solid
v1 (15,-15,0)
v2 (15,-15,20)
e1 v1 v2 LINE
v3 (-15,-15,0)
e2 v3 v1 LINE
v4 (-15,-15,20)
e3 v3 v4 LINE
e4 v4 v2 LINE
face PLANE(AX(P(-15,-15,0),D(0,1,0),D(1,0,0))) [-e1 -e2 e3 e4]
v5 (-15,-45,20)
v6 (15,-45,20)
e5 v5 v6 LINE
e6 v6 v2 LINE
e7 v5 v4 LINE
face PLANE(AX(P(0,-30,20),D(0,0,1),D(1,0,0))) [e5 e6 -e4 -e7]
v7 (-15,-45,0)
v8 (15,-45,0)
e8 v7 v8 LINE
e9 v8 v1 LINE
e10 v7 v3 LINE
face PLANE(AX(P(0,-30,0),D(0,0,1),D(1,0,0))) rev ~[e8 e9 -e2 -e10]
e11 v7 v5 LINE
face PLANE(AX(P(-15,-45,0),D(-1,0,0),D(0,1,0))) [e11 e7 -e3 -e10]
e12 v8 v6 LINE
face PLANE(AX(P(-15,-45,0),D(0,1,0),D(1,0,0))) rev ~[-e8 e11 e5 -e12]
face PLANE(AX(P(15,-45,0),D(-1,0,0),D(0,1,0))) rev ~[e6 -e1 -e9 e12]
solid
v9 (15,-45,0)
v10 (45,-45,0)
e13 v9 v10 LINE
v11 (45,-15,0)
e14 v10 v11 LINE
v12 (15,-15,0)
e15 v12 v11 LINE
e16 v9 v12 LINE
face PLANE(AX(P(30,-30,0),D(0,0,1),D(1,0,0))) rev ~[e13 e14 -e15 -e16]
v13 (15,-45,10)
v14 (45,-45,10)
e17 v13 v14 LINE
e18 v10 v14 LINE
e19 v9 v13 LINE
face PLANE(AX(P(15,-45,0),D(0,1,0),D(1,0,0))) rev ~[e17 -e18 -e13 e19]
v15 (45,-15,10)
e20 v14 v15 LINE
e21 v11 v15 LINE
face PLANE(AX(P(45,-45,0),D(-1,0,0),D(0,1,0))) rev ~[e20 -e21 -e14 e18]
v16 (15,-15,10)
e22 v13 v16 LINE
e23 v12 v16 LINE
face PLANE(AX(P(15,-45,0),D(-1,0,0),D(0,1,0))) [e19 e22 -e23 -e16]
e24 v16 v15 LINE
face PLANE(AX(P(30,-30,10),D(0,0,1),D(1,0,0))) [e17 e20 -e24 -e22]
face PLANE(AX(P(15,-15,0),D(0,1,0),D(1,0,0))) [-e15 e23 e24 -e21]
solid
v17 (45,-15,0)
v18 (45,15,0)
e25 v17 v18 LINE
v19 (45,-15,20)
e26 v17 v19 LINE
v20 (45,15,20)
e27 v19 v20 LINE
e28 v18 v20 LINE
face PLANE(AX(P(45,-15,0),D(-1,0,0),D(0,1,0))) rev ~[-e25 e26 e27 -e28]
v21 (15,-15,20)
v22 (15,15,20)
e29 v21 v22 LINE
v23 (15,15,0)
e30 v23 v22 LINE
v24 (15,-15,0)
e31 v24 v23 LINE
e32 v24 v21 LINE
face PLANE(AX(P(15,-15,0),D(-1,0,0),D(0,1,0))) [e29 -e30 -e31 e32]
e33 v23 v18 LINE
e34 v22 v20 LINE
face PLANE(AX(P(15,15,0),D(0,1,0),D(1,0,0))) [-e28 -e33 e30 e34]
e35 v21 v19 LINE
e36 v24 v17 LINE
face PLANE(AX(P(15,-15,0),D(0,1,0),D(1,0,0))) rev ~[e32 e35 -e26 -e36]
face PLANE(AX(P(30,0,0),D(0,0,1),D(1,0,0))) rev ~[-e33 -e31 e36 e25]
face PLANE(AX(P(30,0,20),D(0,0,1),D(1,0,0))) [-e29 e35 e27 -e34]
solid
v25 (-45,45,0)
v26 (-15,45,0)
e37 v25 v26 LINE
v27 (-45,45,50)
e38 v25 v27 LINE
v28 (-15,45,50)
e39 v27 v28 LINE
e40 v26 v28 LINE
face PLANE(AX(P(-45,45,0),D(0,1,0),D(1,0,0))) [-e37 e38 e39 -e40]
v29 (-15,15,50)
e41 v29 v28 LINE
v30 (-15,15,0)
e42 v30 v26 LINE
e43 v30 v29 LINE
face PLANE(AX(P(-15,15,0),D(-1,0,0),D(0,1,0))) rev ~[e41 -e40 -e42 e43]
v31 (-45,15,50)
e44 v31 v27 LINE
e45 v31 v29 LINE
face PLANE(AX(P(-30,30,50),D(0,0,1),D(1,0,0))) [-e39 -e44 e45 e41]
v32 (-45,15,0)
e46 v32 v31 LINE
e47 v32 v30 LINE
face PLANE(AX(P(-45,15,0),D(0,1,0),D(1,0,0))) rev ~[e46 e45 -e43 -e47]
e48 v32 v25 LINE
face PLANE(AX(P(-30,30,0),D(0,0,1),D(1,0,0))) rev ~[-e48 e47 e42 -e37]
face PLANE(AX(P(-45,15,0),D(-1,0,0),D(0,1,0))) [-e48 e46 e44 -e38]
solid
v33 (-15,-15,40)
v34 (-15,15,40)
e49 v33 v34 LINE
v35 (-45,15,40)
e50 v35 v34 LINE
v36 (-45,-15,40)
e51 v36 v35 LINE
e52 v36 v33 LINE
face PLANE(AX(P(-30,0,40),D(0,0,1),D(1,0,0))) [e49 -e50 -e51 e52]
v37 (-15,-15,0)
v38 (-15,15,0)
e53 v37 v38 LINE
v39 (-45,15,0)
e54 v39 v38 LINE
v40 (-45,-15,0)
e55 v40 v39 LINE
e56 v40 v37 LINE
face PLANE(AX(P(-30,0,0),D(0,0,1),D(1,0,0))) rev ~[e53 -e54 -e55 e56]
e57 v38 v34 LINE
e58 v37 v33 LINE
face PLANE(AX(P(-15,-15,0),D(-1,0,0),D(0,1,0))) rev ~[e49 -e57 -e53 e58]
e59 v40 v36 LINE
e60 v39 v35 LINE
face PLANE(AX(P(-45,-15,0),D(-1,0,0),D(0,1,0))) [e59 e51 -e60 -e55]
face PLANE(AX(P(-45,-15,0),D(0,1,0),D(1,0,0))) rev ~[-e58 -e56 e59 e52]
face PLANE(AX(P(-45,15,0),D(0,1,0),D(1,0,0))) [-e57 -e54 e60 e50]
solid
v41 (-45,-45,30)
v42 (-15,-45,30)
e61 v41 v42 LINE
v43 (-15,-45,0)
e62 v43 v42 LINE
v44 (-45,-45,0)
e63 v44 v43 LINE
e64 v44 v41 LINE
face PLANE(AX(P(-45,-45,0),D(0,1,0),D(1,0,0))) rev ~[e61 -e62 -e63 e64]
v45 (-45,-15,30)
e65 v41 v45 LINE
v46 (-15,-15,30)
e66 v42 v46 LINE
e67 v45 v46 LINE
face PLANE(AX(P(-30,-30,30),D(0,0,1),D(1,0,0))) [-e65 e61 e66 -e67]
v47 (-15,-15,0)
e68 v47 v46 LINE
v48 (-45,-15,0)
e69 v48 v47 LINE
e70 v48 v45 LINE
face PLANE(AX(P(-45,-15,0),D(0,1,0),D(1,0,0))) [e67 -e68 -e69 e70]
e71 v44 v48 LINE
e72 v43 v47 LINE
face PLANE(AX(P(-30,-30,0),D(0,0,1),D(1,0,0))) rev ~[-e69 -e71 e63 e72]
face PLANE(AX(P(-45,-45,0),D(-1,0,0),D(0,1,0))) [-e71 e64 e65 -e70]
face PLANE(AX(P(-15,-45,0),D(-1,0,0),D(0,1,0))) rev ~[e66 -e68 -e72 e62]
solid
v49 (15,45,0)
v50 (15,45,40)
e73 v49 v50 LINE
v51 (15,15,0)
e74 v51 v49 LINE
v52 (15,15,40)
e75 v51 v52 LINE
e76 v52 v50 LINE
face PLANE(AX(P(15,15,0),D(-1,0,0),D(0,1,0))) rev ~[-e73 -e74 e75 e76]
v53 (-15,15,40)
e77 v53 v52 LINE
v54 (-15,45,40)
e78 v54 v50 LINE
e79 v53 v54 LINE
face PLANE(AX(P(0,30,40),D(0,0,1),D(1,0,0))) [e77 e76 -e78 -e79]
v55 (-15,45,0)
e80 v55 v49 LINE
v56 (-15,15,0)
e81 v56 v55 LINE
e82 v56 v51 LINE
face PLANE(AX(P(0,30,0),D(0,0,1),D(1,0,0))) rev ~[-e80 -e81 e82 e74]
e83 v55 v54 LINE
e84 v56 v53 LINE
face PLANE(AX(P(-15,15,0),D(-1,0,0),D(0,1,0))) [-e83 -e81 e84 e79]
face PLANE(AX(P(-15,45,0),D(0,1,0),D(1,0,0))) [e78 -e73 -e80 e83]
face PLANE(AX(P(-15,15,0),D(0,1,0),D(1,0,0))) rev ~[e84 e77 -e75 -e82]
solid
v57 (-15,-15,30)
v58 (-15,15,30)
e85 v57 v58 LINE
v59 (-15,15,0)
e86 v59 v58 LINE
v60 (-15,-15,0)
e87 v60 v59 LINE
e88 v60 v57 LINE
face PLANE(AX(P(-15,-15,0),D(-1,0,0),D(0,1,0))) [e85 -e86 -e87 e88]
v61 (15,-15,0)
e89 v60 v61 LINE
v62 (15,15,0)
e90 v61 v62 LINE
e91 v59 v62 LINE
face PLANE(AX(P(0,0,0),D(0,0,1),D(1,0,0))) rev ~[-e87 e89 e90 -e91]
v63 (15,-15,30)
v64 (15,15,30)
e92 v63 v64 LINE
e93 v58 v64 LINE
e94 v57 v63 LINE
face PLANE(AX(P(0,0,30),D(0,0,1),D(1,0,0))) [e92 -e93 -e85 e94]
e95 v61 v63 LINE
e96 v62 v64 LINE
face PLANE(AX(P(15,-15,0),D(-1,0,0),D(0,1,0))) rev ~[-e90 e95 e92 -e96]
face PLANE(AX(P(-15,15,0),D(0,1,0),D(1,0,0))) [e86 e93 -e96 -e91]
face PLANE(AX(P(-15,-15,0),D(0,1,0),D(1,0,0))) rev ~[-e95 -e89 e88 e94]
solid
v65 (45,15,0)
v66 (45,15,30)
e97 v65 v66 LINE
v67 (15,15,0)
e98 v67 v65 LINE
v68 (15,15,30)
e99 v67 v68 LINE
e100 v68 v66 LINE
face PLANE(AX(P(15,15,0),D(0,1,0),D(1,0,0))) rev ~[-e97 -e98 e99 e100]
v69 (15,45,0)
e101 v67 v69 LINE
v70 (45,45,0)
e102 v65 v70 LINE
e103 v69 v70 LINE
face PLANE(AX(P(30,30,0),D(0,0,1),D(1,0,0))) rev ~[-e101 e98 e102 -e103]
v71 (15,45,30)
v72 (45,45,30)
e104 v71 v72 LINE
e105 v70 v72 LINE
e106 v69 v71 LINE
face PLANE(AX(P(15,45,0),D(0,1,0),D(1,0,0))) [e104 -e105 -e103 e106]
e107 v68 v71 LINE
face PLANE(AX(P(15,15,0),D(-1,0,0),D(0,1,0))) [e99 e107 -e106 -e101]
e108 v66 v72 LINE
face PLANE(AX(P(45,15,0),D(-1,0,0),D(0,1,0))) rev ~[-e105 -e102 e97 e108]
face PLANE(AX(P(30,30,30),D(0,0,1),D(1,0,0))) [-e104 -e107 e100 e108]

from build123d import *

# Parameters (mm, degrees)
F0_W     = 30
F0_H     = 30
F1_DEPTH = 10
F2_DEPTH = 20
F3_DEPTH = 30
F4_DEPTH = 40
F5_DEPTH = 50


with BuildPart() as f1:
    # F0 (on Top) → F1 (new body)
    with BuildSketch(Plane.XY):
        with Locations((30, -30)):
            Rectangle(F0_W, F0_H)
    extrude(amount=F1_DEPTH)


with BuildPart() as f2:
    # F0 (on Top) → F2 (new body)
    with BuildSketch(Plane.XY):
        with Locations((0, -30)):
            Rectangle(F0_W, F0_H)
    extrude(amount=F2_DEPTH)


with BuildPart() as f2b:
    # F0 (on Top) → F2, piece 2 (new body)
    with BuildSketch(Plane.XY):
        with Locations((30, 0)):
            Rectangle(F0_W, F0_H)
    extrude(amount=F2_DEPTH)


with BuildPart() as f3:
    # F0 (on Top) → F3 (new body)
    with BuildSketch(Plane.XY):
        with Locations((-30, -30)):
            Rectangle(F0_W, F0_H)
    extrude(amount=F3_DEPTH)


with BuildPart() as f3b:
    # F0 (on Top) → F3, piece 2 (new body)
    with BuildSketch(Plane.XY):
        Rectangle(F0_W, F0_H)
    extrude(amount=F3_DEPTH)


with BuildPart() as f3c:
    # F0 (on Top) → F3, piece 3 (new body)
    with BuildSketch(Plane.XY):
        with Locations((30, 30)):
            Rectangle(F0_W, F0_H)
    extrude(amount=F3_DEPTH)


with BuildPart() as f4:
    # F0 (on Top) → F4 (new body)
    with BuildSketch(Plane.XY):
        with Locations((-30, 0)):
            Rectangle(F0_W, F0_H)
    extrude(amount=F4_DEPTH)


with BuildPart() as f4b:
    # F0 (on Top) → F4, piece 2 (new body)
    with BuildSketch(Plane.XY):
        with Locations((0, 30)):
            Rectangle(F0_W, F0_H)
    extrude(amount=F4_DEPTH)


with BuildPart() as f5:
    # F0 (on Top) → F5 (new body)
    with BuildSketch(Plane.XY):
        with Locations((-30, 30)):
            Rectangle(F0_W, F0_H)
    extrude(amount=F5_DEPTH)


solid = Compound([f1.part, f2.part, f2b.part, f3.part, f3b.part, f3c.part, f4.part, f4b.part, f5.part])
